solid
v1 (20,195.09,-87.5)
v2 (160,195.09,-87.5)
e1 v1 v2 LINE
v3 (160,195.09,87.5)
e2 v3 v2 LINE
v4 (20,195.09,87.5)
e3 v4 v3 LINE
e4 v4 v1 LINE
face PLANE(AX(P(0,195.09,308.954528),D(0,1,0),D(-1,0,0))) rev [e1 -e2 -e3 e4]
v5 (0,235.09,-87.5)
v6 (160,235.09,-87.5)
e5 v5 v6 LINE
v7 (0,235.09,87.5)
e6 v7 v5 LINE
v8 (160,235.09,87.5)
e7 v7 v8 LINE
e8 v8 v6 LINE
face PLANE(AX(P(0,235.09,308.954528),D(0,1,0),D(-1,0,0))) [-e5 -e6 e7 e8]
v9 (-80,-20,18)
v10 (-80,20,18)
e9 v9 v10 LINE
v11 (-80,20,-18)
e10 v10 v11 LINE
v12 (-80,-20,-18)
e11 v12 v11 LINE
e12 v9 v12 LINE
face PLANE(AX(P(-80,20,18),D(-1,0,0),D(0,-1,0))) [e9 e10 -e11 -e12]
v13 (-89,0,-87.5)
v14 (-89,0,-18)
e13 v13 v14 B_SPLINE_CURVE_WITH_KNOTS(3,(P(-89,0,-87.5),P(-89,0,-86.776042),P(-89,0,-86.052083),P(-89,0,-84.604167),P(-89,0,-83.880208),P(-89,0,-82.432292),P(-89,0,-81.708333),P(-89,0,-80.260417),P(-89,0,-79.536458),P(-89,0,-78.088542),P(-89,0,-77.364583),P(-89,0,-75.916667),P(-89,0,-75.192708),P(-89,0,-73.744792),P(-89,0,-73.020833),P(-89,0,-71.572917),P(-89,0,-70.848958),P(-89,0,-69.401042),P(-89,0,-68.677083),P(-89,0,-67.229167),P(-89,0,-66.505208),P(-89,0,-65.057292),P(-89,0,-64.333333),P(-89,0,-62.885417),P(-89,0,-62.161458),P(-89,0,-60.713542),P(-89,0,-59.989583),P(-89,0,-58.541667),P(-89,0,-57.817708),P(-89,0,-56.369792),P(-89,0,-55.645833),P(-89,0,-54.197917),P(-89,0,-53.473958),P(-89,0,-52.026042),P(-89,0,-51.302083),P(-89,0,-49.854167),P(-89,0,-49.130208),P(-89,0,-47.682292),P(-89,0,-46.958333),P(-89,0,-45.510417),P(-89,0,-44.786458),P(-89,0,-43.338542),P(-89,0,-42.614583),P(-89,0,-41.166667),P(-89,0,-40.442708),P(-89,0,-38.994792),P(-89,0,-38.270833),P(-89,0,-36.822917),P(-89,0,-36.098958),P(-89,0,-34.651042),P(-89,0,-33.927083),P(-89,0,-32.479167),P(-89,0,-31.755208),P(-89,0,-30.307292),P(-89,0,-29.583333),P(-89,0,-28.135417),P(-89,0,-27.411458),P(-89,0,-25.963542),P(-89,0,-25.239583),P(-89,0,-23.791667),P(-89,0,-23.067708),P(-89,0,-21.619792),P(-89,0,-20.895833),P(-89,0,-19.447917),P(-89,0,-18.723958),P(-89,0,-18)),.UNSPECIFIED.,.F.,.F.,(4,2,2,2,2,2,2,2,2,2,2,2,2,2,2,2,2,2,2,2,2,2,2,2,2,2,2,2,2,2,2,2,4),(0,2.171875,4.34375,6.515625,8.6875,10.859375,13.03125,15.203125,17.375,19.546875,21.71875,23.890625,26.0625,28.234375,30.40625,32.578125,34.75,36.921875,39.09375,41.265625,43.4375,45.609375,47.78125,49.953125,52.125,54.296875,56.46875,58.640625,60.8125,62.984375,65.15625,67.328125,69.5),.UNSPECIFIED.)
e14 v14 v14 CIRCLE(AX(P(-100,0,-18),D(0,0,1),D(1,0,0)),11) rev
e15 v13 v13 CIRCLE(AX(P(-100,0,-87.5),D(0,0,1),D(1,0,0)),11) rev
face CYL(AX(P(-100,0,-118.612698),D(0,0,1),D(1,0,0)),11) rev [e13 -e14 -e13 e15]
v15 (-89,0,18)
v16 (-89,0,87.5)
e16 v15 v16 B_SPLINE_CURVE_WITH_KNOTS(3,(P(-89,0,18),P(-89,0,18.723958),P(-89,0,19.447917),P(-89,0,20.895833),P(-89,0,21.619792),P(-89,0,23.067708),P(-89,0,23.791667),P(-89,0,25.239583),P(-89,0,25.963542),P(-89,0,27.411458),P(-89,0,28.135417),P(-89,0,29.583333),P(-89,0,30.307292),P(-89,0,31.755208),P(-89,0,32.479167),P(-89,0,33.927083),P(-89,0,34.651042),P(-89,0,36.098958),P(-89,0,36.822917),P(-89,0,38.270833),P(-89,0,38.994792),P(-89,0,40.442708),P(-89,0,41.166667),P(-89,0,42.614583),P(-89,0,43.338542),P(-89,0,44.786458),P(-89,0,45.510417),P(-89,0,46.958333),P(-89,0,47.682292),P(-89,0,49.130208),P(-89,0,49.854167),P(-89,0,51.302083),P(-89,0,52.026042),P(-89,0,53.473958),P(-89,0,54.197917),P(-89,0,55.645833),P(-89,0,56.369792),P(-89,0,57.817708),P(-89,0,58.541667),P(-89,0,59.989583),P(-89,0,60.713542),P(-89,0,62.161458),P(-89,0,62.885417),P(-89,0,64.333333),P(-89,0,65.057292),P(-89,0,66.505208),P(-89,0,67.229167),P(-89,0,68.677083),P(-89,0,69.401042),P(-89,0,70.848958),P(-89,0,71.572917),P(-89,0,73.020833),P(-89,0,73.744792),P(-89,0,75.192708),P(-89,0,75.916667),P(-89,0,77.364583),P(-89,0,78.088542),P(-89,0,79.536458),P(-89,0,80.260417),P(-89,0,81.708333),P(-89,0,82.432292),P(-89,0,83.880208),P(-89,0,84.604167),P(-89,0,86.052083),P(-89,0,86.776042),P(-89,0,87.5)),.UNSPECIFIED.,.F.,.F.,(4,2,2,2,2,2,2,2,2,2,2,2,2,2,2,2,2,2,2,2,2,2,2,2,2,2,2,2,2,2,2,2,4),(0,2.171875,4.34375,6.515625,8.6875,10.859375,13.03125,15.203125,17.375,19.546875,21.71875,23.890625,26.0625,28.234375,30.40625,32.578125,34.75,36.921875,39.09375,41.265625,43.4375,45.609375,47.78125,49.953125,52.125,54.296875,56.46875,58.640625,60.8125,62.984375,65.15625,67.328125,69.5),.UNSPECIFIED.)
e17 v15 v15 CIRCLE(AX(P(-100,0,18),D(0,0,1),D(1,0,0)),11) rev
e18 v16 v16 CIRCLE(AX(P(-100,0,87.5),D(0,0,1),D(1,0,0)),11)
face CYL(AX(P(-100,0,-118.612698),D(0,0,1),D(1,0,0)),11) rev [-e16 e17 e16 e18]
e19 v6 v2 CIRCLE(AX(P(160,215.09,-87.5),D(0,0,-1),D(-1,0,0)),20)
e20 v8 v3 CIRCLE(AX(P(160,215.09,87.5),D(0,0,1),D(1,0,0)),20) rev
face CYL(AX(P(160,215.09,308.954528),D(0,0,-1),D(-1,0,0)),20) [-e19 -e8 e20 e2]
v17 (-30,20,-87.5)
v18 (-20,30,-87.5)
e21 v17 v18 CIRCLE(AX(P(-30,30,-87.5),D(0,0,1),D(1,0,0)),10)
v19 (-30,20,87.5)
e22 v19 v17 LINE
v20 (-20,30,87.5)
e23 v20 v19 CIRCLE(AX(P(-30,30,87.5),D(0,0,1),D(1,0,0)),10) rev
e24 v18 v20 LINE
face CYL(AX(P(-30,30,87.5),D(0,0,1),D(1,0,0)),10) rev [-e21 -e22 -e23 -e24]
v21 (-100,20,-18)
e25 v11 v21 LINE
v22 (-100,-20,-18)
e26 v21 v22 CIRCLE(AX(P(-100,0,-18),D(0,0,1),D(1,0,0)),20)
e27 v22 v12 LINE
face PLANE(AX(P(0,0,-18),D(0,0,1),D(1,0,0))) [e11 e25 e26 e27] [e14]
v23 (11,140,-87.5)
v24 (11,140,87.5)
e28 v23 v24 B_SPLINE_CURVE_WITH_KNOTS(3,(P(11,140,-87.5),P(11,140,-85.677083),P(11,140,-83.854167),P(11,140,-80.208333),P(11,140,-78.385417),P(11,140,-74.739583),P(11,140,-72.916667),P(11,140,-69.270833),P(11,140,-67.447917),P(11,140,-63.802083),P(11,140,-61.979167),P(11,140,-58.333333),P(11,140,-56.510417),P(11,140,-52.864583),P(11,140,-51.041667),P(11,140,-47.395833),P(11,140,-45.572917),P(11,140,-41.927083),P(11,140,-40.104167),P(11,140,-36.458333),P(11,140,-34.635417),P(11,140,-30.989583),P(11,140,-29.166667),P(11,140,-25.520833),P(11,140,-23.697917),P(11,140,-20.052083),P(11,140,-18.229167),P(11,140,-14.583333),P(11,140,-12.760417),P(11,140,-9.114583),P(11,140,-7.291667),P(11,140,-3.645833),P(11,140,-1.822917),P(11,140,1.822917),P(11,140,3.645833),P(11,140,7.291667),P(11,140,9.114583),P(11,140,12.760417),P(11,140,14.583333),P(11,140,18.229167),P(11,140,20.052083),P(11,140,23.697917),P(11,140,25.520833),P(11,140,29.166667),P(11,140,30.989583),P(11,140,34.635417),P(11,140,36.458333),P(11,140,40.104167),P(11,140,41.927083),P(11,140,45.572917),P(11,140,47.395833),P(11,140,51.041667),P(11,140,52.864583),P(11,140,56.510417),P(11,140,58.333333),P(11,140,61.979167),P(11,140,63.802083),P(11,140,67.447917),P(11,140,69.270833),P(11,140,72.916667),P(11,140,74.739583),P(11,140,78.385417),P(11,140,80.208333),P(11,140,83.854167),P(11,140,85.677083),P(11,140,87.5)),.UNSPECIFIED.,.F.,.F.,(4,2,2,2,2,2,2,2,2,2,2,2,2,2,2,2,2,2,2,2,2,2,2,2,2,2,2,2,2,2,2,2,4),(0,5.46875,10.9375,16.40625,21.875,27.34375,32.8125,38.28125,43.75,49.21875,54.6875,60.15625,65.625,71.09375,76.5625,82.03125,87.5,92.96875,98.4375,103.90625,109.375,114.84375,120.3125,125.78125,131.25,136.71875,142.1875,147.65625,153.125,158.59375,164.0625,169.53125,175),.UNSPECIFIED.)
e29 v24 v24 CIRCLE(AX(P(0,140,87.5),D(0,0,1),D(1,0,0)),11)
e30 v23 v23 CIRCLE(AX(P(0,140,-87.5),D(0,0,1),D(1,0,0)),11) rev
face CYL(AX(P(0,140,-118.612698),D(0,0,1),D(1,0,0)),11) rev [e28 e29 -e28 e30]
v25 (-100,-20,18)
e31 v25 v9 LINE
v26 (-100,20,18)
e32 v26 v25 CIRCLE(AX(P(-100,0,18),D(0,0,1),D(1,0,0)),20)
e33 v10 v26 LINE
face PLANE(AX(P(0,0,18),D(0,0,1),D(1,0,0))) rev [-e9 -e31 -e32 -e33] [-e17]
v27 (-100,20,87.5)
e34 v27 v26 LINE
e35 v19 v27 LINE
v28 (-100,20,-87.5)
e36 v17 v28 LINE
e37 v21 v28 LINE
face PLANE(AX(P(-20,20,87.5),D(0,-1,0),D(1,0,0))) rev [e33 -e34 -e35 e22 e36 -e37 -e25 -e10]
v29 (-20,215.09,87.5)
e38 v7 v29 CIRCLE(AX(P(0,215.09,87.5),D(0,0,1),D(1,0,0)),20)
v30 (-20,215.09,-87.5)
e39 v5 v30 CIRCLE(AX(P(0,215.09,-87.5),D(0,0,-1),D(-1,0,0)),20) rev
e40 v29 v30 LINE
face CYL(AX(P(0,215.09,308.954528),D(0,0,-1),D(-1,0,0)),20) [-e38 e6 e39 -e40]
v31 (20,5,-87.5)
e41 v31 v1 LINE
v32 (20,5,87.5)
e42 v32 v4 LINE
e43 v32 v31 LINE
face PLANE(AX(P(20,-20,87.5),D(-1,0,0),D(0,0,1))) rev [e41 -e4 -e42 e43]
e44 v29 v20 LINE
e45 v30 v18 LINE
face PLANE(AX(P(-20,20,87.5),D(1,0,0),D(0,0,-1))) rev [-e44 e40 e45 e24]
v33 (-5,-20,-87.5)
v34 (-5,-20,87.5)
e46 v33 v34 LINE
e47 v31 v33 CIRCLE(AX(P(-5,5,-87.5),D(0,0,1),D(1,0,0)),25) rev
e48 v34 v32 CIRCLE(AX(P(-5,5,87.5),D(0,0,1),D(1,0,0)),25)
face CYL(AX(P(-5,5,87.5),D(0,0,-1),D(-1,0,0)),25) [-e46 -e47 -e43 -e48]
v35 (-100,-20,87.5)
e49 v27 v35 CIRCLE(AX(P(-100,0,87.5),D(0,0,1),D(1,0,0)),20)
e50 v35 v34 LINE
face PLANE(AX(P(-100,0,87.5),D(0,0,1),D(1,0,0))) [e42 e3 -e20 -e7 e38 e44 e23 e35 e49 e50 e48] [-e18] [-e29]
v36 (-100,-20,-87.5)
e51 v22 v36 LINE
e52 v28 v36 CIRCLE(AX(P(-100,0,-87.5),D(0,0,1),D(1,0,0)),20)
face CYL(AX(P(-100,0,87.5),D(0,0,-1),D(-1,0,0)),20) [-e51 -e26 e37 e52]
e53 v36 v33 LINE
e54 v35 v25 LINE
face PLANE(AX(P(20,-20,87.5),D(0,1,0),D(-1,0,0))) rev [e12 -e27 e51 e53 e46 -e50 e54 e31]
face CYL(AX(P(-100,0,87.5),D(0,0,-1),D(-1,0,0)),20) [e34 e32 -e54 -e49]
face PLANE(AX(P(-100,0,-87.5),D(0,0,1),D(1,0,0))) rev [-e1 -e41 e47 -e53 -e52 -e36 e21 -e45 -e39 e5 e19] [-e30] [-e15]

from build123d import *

# Parameters (mm, degrees)
BOSS_EXTRUDE1_DEPTH     = 87.5
SKETCH2_R               = 11
CUT_EXTRUDE1_DEPTH      = 175
FILLET1_R               = 10
FILLET2_R               = 25
CUT_EXTRUDE2_DEPTH      = 18
CUT_EXTRUDE2_DEPTH_BACK = 18
SKETCH3_W               = 40
SKETCH3_H               = 40
BOSS_EXTRUDE2_START     = -175
BOSS_EXTRUDE2_DEPTH     = 175


with BuildPart() as part:
    # Sketch1 → Boss-Extrude1 (new, symmetric)
    with BuildSketch(Plane.XY):
        with BuildLine():
            Line((-20, 20), (-20, 140))
            ThreePointArc((-20, 140), (0, 160), (20, 140))
            Line((20, 140), (20, -20))
            Line((20, -20), (-100, -20))
            ThreePointArc((-100, -20), (-120, 0), (-100, 20))
            Line((-100, 20), (-20, 20))
        make_face()
    extrude(amount=BOSS_EXTRUDE1_DEPTH, both=True)

    # Sketch2 → Cut-Extrude1 (cut)
    with BuildSketch(Plane.XY.offset(87.5)):
        with Locations((-100, 0)):
            Circle(SKETCH2_R)
        with Locations((0, 140)):
            Circle(SKETCH2_R)
    extrude(amount=-CUT_EXTRUDE1_DEPTH, mode=Mode.SUBTRACT)

    # Fillet1
    fillet1_edges = [part.edges().sort_by_distance(p)[0] for p in [
        (-20, 20, 0),
    ]]
    fillet(fillet1_edges, radius=FILLET1_R)

    # Fillet2
    fillet2_edges = [part.edges().sort_by_distance(p)[0] for p in [
        (20, -20, 0),
    ]]
    fillet(fillet2_edges, radius=FILLET2_R)

    # Sketch3 → Cut-Extrude2 (cut, two sides: drawn at the far end of the back side and taken through both)
    with BuildSketch(Plane.XY.offset(-CUT_EXTRUDE2_DEPTH_BACK)):
        with Locations((-100, 0)):
            Rectangle(SKETCH3_W, SKETCH3_H)
    extrude(amount=CUT_EXTRUDE2_DEPTH + CUT_EXTRUDE2_DEPTH_BACK, mode=Mode.SUBTRACT)

    # Sketch4 → Boss-Extrude2 (add)
    with BuildSketch(Plane(origin=(0, 0, -87.5), x_dir=(-1, 0, 0), z_dir=(0, 0, -1)).offset(BOSS_EXTRUDE2_START)):
        with BuildLine():
            ThreePointArc((-20, 140), (0, 160), (20, 140))
            Line((20, 140), (20, 215.09))
            ThreePointArc((20, 215.09), (14.142135624, 229.232135624), (0, 235.09))
            Line((0, 235.09), (-160, 235.09))
            ThreePointArc((-160, 235.09), (-180, 215.09), (-160, 195.09))
            Line((-160, 195.09), (-20, 195.09))
            Line((-20, 195.09), (-20, 140))
        make_face()
    extrude(amount=BOSS_EXTRUDE2_DEPTH)


solid = part.part
